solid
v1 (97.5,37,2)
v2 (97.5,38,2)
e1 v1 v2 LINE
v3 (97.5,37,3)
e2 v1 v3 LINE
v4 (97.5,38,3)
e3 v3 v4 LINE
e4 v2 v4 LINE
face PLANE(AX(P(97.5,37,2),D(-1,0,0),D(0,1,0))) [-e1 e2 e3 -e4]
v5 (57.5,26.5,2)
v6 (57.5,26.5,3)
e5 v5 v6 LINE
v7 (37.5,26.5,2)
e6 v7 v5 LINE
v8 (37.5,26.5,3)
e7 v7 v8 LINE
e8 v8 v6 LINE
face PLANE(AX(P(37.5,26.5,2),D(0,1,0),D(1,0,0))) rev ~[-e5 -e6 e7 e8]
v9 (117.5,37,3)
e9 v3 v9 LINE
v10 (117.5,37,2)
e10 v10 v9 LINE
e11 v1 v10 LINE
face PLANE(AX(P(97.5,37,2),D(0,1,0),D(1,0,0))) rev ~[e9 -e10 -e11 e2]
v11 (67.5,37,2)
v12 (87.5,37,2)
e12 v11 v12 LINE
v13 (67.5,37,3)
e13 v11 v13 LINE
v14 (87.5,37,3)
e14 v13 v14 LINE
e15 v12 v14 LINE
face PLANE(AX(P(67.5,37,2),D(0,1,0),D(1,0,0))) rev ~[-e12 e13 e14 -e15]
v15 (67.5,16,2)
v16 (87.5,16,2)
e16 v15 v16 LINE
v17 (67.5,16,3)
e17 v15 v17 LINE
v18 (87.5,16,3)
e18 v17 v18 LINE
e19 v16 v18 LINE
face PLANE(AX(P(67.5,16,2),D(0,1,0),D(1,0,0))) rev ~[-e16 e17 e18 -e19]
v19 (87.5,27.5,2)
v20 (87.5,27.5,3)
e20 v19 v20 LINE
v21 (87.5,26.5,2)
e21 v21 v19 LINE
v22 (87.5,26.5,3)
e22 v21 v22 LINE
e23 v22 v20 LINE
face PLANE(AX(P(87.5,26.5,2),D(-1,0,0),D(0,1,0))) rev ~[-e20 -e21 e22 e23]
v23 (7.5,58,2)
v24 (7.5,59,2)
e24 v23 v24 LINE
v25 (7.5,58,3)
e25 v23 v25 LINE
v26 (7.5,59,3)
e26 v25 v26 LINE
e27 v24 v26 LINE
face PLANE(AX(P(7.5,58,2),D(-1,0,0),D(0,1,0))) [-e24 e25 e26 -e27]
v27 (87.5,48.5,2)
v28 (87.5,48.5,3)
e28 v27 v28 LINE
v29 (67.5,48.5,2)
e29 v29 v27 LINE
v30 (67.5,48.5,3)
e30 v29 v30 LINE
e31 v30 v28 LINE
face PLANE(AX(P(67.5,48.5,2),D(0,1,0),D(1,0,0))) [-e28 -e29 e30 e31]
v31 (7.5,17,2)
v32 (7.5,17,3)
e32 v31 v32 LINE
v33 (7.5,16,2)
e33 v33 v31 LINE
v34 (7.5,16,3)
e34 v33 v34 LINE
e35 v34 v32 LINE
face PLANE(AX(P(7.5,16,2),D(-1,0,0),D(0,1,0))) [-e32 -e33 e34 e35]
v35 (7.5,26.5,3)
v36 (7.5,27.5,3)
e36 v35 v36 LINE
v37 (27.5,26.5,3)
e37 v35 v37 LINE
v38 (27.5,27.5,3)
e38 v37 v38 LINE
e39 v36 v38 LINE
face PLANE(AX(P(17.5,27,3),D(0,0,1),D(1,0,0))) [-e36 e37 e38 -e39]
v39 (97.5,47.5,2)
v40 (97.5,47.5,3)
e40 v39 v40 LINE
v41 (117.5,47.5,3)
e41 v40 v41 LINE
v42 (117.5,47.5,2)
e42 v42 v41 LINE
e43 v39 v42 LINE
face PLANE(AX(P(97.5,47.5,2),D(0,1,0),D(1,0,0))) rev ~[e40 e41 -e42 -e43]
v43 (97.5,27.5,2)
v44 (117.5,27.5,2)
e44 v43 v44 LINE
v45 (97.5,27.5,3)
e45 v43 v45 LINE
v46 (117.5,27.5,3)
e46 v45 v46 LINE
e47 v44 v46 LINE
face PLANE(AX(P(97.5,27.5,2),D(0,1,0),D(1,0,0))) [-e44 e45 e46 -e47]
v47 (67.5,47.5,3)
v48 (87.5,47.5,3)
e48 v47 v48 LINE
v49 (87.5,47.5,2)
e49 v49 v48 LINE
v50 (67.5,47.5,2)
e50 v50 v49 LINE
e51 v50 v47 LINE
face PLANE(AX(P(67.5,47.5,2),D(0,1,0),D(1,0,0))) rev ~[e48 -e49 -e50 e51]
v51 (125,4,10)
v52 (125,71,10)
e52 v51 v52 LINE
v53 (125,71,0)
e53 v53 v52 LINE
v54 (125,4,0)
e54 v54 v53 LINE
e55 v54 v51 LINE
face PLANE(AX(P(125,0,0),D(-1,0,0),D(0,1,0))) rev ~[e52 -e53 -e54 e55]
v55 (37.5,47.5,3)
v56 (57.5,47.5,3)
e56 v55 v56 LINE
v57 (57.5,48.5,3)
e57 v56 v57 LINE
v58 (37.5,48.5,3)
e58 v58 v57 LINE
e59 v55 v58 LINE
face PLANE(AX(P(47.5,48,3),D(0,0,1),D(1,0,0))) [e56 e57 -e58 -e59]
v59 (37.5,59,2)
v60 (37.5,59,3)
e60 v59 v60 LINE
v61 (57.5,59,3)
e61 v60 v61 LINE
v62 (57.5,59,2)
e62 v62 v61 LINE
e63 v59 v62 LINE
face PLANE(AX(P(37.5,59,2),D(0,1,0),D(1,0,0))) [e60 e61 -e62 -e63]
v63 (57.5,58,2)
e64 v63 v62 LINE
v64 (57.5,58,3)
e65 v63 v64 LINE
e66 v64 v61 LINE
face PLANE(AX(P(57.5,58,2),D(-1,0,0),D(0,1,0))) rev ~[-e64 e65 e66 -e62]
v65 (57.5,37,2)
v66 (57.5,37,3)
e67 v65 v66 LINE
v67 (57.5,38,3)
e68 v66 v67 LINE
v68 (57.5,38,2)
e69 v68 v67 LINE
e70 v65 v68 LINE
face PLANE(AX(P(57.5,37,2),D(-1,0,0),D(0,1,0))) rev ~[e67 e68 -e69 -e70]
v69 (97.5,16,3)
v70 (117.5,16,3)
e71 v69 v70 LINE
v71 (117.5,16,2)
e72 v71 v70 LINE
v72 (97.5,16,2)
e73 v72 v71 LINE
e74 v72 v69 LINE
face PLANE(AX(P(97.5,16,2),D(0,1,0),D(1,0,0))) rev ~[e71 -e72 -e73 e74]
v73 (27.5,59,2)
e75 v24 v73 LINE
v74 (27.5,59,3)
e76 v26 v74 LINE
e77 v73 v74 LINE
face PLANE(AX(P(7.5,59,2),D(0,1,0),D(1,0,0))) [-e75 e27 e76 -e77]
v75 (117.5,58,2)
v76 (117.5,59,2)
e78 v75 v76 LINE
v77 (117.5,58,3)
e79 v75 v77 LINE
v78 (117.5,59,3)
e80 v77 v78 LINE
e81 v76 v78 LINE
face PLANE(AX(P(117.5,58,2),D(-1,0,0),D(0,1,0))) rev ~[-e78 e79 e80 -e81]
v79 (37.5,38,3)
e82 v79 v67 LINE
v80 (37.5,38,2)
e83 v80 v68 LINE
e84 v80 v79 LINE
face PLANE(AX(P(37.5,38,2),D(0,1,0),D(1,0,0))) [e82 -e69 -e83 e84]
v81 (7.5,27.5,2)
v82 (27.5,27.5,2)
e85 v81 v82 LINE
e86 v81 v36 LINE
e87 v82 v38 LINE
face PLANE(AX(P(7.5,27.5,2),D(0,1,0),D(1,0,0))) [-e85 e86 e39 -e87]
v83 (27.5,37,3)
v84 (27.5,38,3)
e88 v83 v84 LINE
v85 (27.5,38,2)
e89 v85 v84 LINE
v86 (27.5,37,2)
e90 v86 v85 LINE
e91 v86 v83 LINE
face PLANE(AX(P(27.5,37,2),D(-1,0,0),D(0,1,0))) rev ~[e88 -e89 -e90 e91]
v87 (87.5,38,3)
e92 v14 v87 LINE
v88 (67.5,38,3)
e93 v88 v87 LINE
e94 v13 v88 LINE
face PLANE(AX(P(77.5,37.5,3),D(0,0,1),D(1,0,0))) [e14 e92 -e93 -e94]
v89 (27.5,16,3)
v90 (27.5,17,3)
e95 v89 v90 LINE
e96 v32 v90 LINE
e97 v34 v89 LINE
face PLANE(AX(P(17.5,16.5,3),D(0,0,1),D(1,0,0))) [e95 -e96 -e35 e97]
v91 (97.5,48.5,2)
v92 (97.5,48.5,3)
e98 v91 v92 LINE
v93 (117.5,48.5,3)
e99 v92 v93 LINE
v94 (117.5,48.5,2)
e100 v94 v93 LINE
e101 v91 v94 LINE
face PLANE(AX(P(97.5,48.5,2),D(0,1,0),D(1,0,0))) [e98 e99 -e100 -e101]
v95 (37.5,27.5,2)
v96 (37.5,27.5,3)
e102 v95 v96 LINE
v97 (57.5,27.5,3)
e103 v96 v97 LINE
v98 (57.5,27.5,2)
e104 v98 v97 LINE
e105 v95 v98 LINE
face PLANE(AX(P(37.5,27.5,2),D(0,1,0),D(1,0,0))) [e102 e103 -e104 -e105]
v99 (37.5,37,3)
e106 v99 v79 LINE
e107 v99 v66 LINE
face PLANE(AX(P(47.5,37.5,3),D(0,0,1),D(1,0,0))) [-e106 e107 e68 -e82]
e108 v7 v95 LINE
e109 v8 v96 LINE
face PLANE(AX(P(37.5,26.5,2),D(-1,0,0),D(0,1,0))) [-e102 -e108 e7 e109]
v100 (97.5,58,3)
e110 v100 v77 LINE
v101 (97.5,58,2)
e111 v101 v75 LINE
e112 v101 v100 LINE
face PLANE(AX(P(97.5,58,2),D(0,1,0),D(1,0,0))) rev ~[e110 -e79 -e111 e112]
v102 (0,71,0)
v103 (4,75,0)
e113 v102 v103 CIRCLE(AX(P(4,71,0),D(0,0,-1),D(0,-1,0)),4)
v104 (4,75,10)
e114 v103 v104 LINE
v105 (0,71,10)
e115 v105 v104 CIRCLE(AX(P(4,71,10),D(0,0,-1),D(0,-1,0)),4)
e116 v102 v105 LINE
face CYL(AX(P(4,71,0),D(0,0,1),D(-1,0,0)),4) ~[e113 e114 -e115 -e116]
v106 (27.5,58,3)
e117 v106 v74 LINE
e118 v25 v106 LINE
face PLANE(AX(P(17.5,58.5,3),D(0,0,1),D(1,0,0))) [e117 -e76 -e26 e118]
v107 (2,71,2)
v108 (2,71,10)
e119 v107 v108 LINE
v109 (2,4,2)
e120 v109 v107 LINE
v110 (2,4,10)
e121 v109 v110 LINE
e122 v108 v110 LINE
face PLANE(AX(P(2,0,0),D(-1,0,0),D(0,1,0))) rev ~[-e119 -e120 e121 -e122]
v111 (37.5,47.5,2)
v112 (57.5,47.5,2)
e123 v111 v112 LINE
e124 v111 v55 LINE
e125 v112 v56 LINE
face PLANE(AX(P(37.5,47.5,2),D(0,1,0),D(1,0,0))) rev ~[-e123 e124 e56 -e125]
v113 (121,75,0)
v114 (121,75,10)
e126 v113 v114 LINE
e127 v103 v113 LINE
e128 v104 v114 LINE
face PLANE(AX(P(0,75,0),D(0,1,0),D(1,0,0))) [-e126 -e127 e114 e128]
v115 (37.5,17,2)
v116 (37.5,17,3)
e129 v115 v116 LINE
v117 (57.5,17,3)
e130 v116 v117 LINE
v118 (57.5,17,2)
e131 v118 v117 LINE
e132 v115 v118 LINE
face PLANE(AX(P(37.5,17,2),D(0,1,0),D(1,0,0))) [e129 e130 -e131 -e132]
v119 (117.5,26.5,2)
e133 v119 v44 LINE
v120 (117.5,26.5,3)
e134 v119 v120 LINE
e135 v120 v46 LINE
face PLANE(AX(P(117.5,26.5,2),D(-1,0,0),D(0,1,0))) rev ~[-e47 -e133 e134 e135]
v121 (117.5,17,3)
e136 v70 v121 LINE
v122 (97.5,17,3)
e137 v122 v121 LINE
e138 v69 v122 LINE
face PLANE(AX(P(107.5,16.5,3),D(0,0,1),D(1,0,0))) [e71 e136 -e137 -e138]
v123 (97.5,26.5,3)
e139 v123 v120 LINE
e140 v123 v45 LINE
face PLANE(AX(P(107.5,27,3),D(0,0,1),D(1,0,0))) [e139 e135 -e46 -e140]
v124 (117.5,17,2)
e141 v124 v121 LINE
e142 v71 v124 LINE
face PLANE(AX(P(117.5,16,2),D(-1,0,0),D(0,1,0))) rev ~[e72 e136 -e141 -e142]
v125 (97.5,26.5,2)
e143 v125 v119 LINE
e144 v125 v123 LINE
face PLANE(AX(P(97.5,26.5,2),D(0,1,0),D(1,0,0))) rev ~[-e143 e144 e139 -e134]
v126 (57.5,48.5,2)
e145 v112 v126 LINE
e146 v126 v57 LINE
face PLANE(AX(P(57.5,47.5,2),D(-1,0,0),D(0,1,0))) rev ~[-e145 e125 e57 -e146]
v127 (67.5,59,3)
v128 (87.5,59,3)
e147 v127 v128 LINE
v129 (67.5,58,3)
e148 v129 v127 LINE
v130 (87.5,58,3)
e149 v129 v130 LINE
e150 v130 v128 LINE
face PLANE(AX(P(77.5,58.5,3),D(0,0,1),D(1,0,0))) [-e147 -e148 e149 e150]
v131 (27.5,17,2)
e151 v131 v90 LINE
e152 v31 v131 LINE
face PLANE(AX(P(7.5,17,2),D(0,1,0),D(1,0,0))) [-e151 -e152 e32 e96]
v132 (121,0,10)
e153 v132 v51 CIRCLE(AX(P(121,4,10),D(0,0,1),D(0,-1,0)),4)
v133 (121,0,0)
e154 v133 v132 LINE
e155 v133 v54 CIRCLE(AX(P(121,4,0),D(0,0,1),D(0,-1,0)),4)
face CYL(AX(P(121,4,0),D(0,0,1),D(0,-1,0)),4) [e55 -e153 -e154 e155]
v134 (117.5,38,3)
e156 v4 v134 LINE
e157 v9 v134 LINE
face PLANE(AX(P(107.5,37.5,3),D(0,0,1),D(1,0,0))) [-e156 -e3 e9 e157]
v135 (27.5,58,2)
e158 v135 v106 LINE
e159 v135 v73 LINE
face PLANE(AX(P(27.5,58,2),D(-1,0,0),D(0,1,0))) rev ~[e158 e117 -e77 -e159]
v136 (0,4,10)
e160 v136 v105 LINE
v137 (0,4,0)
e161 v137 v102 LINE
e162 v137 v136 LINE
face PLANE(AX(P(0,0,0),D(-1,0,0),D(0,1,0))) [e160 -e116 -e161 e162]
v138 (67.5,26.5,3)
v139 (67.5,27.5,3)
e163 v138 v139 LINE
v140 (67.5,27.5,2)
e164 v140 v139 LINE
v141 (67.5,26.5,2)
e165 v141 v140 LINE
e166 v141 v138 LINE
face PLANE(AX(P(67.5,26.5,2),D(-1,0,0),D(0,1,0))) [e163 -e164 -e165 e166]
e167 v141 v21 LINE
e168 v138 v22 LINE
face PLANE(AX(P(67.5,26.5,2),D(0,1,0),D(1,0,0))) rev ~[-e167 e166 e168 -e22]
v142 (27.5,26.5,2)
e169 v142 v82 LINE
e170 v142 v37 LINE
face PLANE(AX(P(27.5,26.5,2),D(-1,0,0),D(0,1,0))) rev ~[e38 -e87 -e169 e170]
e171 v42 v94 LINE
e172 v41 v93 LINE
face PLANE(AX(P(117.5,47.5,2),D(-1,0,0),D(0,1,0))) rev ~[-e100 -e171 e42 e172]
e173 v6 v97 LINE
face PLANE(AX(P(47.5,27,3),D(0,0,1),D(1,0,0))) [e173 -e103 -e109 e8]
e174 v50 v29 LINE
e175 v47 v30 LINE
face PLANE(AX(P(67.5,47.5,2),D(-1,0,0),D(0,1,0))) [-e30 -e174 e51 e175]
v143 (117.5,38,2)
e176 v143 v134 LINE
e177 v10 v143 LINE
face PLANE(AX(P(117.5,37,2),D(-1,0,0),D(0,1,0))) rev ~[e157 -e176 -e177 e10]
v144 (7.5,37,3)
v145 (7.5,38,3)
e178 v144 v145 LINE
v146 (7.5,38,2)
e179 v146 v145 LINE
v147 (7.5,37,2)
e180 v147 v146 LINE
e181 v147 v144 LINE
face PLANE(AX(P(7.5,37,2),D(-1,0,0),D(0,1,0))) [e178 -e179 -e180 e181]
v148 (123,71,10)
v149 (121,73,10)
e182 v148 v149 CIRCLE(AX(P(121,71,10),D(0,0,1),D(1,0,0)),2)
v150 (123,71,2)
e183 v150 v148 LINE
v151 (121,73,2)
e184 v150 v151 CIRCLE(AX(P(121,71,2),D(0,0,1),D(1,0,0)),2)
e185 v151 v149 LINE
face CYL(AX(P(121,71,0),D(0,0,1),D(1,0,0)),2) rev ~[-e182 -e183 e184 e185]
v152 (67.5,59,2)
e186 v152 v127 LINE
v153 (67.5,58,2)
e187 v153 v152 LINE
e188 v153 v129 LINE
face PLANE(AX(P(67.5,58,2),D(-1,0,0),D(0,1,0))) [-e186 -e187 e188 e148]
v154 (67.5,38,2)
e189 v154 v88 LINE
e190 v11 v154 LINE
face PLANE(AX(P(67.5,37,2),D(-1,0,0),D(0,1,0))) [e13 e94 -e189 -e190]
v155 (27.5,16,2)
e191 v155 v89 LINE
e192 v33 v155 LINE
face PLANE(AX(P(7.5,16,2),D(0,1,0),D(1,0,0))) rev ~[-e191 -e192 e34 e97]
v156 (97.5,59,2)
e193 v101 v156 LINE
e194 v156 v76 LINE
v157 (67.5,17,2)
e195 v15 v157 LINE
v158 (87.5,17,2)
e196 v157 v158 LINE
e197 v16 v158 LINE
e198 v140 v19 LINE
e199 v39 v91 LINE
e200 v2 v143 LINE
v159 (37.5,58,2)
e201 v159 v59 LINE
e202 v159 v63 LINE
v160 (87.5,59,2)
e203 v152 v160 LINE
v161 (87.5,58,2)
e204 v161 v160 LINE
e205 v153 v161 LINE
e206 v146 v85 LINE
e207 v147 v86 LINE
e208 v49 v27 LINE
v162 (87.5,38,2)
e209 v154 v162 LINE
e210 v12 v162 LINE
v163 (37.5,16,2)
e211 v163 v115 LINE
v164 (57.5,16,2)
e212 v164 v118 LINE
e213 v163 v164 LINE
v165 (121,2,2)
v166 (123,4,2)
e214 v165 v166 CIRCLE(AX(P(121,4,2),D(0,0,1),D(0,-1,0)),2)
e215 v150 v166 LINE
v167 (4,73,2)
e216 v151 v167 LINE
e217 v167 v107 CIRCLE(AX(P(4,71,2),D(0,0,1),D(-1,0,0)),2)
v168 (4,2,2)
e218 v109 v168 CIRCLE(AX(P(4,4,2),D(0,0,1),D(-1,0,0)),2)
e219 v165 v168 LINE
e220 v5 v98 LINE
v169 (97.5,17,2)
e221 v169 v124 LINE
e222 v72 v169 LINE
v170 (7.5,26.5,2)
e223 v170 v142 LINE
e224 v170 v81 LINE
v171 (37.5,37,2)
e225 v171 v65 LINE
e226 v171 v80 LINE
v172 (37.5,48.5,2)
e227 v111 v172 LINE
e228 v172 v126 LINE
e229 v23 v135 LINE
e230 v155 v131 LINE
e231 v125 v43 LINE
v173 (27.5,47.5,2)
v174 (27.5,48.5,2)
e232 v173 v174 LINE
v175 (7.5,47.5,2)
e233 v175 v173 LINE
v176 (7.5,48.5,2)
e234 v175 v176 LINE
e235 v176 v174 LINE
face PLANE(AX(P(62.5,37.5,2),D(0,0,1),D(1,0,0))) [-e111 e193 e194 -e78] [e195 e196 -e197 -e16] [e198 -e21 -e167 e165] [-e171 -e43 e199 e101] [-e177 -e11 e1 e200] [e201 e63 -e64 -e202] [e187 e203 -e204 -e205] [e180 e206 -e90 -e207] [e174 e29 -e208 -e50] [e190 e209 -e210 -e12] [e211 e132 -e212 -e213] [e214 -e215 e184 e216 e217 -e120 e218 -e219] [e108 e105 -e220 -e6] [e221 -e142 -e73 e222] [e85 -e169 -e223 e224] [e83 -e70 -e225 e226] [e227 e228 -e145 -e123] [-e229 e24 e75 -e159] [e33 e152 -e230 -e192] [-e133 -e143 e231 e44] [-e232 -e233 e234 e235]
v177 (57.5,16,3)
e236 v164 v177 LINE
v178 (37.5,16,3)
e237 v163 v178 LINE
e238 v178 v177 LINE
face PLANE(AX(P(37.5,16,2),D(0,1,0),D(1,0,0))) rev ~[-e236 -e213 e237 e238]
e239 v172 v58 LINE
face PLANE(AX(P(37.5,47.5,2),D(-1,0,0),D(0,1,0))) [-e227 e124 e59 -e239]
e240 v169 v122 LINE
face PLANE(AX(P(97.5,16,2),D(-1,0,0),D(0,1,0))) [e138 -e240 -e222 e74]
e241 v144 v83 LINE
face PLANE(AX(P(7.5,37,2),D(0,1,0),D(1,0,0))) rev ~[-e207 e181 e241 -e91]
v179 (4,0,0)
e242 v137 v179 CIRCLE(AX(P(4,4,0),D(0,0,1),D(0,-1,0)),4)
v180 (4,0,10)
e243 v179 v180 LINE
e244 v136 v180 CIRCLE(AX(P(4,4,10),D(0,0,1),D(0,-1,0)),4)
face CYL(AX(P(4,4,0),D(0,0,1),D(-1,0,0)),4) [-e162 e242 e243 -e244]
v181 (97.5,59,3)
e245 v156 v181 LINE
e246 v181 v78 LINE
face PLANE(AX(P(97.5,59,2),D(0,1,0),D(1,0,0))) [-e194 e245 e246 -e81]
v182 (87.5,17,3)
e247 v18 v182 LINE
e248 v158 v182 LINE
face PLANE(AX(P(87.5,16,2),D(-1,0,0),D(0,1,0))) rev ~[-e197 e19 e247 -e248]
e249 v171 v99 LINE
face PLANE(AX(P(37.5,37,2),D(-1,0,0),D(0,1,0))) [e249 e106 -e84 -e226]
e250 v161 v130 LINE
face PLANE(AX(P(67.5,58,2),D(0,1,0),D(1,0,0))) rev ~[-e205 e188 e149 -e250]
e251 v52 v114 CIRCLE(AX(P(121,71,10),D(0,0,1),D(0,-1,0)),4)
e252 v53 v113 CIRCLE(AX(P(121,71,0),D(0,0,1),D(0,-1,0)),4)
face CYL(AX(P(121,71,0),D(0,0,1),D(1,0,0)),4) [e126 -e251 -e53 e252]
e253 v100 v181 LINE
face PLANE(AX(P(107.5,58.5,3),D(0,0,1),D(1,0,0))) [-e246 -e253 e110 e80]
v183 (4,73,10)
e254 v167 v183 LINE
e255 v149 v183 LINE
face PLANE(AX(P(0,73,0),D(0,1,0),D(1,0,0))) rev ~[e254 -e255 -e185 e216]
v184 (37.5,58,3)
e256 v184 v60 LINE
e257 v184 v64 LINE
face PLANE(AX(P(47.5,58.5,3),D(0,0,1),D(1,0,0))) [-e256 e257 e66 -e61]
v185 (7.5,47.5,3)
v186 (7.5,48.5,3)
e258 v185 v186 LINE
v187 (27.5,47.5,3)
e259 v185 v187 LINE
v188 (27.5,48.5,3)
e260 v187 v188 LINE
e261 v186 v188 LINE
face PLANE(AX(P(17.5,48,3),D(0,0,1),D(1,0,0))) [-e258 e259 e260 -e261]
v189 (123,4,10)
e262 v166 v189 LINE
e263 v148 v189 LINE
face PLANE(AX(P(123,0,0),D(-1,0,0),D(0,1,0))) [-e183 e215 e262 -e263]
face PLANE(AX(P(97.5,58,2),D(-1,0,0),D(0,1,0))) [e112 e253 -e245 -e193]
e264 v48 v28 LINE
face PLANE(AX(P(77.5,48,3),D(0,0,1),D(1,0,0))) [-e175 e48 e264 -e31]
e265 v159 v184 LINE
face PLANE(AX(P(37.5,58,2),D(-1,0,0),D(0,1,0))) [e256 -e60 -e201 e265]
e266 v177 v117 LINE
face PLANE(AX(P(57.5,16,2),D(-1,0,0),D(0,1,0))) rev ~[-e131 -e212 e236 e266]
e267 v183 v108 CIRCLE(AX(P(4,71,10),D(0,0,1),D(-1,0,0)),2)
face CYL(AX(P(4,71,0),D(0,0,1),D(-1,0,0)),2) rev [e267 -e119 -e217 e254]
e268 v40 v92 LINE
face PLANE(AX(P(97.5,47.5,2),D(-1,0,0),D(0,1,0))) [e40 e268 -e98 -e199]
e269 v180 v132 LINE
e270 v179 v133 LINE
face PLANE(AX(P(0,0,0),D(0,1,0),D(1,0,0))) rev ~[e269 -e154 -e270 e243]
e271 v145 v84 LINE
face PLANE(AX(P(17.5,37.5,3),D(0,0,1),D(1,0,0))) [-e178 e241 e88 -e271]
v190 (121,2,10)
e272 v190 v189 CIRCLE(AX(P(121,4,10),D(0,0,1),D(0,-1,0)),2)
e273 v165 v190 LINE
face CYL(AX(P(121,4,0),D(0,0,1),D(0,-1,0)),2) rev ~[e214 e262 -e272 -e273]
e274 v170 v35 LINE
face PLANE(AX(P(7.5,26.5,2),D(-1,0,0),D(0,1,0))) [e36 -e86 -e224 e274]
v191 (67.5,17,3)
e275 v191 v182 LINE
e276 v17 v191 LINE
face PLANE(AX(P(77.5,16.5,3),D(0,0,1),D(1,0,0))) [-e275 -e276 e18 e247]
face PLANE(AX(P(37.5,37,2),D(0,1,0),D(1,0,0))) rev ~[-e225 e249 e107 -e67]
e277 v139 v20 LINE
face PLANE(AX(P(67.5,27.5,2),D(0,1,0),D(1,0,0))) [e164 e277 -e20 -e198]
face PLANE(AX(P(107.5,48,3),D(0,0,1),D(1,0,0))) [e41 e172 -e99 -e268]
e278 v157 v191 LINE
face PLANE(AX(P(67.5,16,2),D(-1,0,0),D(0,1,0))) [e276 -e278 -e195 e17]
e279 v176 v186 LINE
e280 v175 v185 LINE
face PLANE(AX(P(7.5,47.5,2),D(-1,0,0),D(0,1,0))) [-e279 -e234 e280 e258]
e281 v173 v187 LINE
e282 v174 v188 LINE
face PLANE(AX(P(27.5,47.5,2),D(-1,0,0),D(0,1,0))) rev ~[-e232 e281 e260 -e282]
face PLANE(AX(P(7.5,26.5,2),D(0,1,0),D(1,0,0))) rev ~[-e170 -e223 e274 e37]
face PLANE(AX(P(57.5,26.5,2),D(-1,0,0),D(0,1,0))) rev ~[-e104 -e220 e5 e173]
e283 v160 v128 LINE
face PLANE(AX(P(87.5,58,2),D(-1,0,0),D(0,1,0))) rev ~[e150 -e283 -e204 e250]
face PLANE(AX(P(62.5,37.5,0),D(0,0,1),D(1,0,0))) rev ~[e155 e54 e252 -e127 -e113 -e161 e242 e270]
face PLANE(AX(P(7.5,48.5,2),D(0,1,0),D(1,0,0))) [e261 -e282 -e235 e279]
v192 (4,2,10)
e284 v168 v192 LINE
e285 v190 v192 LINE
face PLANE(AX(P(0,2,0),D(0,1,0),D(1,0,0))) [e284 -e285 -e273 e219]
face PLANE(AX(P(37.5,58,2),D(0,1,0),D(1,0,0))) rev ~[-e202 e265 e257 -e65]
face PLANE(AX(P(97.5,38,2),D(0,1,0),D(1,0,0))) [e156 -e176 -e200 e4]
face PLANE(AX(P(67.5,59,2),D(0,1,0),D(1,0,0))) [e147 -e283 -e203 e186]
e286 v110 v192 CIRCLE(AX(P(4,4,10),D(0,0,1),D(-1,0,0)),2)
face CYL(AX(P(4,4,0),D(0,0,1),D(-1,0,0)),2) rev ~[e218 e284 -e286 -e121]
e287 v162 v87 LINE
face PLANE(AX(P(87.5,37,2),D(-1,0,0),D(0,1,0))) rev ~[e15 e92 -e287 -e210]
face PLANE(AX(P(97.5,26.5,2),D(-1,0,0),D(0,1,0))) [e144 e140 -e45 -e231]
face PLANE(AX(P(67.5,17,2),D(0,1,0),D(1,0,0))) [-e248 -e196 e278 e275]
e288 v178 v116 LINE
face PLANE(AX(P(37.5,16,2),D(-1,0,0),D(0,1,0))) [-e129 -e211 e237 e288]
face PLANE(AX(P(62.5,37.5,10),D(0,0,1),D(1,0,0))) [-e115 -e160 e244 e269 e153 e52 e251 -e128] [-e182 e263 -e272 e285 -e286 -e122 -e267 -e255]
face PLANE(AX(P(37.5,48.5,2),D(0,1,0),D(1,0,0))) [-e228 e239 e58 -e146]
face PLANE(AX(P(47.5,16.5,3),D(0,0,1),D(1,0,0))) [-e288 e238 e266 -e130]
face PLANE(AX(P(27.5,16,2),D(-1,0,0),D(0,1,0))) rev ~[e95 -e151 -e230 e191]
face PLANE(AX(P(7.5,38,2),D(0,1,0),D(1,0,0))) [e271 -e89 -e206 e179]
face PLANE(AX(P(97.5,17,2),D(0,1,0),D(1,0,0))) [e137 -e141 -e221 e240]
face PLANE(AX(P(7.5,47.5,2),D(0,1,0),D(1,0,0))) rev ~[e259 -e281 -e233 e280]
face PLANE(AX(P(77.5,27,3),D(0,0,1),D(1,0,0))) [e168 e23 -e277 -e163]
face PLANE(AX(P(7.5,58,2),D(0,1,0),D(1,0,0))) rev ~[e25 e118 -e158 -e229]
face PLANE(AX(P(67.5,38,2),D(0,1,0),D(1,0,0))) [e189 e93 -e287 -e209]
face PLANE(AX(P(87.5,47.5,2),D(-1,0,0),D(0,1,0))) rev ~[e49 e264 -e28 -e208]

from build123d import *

# Parameters (mm, degrees)
SKETCH1_W           = 125
SKETCH1_H           = 75
BOSS_EXTRUDE1_DEPTH = 10
FILLET1_R           = 4
SHELL1_T            = -2
SKETCH2_W           = 20
SKETCH2_H           = 1
BOSS_EXTRUDE2_DEPTH = 1


with BuildPart() as part:
    # Sketch1 → Boss-Extrude1 (new body)
    with BuildSketch(Plane.XY):
        with Locations((62.5, 37.5)):
            Rectangle(SKETCH1_W, SKETCH1_H)
    extrude(amount=BOSS_EXTRUDE1_DEPTH)

    # Fillet1
    fillet1_edges = [part.edges().sort_by_distance(p)[0] for p in [
        (0, 75, 5),
        (125, 75, 5),
        (125, 0, 5),
        (0, 0, 5),
    ]]
    fillet(fillet1_edges, radius=FILLET1_R)

    # Shell1
    shell1_openings = [part.faces().sort_by_distance(p)[0] for p in [
        (62.5, 37.5, 10),
    ]]
    offset(amount=SHELL1_T, openings=shell1_openings, kind=Kind.INTERSECTION)

    # Sketch2 → Boss-Extrude2 (add)
    with BuildSketch(Plane.XY.offset(2)):
        with Locations((107.5, 58.5)):
            Rectangle(SKETCH2_W, SKETCH2_H)
        with Locations((77.5, 58.5)):
            Rectangle(SKETCH2_W, SKETCH2_H)
        with Locations((77.5, 48)):
            Rectangle(SKETCH2_W, SKETCH2_H)
        with Locations((77.5, 37.5)):
            Rectangle(SKETCH2_W, SKETCH2_H)
        with Locations((77.5, 27)):
            Rectangle(SKETCH2_W, SKETCH2_H)
        with Locations((77.5, 16.5)):
            Rectangle(SKETCH2_W, SKETCH2_H)
        with Locations((107.5, 48)):
            Rectangle(SKETCH2_W, SKETCH2_H)
        with Locations((107.5, 37.5)):
            Rectangle(SKETCH2_W, SKETCH2_H)
        with Locations((107.5, 27)):
            Rectangle(SKETCH2_W, SKETCH2_H)
        with Locations((107.5, 16.5)):
            Rectangle(SKETCH2_W, SKETCH2_H)
        with Locations((47.5, 58.5)):
            Rectangle(SKETCH2_W, SKETCH2_H)
        with Locations((47.5, 48)):
            Rectangle(SKETCH2_W, SKETCH2_H)
        with Locations((47.5, 37.5)):
            Rectangle(SKETCH2_W, SKETCH2_H)
        with Locations((47.5, 27)):
            Rectangle(SKETCH2_W, SKETCH2_H)
        with Locations((47.5, 16.5)):
            Rectangle(SKETCH2_W, SKETCH2_H)
        with Locations((17.5, 58.5)):
            Rectangle(SKETCH2_W, SKETCH2_H)
        with Locations((17.5, 48)):
            Rectangle(SKETCH2_W, SKETCH2_H)
        with Locations((17.5, 37.5)):
            Rectangle(SKETCH2_W, SKETCH2_H)
        with Locations((17.5, 27)):
            Rectangle(SKETCH2_W, SKETCH2_H)
        with Locations((17.5, 16.5)):
            Rectangle(SKETCH2_W, SKETCH2_H)
    extrude(amount=BOSS_EXTRUDE2_DEPTH)


solid = part.part
